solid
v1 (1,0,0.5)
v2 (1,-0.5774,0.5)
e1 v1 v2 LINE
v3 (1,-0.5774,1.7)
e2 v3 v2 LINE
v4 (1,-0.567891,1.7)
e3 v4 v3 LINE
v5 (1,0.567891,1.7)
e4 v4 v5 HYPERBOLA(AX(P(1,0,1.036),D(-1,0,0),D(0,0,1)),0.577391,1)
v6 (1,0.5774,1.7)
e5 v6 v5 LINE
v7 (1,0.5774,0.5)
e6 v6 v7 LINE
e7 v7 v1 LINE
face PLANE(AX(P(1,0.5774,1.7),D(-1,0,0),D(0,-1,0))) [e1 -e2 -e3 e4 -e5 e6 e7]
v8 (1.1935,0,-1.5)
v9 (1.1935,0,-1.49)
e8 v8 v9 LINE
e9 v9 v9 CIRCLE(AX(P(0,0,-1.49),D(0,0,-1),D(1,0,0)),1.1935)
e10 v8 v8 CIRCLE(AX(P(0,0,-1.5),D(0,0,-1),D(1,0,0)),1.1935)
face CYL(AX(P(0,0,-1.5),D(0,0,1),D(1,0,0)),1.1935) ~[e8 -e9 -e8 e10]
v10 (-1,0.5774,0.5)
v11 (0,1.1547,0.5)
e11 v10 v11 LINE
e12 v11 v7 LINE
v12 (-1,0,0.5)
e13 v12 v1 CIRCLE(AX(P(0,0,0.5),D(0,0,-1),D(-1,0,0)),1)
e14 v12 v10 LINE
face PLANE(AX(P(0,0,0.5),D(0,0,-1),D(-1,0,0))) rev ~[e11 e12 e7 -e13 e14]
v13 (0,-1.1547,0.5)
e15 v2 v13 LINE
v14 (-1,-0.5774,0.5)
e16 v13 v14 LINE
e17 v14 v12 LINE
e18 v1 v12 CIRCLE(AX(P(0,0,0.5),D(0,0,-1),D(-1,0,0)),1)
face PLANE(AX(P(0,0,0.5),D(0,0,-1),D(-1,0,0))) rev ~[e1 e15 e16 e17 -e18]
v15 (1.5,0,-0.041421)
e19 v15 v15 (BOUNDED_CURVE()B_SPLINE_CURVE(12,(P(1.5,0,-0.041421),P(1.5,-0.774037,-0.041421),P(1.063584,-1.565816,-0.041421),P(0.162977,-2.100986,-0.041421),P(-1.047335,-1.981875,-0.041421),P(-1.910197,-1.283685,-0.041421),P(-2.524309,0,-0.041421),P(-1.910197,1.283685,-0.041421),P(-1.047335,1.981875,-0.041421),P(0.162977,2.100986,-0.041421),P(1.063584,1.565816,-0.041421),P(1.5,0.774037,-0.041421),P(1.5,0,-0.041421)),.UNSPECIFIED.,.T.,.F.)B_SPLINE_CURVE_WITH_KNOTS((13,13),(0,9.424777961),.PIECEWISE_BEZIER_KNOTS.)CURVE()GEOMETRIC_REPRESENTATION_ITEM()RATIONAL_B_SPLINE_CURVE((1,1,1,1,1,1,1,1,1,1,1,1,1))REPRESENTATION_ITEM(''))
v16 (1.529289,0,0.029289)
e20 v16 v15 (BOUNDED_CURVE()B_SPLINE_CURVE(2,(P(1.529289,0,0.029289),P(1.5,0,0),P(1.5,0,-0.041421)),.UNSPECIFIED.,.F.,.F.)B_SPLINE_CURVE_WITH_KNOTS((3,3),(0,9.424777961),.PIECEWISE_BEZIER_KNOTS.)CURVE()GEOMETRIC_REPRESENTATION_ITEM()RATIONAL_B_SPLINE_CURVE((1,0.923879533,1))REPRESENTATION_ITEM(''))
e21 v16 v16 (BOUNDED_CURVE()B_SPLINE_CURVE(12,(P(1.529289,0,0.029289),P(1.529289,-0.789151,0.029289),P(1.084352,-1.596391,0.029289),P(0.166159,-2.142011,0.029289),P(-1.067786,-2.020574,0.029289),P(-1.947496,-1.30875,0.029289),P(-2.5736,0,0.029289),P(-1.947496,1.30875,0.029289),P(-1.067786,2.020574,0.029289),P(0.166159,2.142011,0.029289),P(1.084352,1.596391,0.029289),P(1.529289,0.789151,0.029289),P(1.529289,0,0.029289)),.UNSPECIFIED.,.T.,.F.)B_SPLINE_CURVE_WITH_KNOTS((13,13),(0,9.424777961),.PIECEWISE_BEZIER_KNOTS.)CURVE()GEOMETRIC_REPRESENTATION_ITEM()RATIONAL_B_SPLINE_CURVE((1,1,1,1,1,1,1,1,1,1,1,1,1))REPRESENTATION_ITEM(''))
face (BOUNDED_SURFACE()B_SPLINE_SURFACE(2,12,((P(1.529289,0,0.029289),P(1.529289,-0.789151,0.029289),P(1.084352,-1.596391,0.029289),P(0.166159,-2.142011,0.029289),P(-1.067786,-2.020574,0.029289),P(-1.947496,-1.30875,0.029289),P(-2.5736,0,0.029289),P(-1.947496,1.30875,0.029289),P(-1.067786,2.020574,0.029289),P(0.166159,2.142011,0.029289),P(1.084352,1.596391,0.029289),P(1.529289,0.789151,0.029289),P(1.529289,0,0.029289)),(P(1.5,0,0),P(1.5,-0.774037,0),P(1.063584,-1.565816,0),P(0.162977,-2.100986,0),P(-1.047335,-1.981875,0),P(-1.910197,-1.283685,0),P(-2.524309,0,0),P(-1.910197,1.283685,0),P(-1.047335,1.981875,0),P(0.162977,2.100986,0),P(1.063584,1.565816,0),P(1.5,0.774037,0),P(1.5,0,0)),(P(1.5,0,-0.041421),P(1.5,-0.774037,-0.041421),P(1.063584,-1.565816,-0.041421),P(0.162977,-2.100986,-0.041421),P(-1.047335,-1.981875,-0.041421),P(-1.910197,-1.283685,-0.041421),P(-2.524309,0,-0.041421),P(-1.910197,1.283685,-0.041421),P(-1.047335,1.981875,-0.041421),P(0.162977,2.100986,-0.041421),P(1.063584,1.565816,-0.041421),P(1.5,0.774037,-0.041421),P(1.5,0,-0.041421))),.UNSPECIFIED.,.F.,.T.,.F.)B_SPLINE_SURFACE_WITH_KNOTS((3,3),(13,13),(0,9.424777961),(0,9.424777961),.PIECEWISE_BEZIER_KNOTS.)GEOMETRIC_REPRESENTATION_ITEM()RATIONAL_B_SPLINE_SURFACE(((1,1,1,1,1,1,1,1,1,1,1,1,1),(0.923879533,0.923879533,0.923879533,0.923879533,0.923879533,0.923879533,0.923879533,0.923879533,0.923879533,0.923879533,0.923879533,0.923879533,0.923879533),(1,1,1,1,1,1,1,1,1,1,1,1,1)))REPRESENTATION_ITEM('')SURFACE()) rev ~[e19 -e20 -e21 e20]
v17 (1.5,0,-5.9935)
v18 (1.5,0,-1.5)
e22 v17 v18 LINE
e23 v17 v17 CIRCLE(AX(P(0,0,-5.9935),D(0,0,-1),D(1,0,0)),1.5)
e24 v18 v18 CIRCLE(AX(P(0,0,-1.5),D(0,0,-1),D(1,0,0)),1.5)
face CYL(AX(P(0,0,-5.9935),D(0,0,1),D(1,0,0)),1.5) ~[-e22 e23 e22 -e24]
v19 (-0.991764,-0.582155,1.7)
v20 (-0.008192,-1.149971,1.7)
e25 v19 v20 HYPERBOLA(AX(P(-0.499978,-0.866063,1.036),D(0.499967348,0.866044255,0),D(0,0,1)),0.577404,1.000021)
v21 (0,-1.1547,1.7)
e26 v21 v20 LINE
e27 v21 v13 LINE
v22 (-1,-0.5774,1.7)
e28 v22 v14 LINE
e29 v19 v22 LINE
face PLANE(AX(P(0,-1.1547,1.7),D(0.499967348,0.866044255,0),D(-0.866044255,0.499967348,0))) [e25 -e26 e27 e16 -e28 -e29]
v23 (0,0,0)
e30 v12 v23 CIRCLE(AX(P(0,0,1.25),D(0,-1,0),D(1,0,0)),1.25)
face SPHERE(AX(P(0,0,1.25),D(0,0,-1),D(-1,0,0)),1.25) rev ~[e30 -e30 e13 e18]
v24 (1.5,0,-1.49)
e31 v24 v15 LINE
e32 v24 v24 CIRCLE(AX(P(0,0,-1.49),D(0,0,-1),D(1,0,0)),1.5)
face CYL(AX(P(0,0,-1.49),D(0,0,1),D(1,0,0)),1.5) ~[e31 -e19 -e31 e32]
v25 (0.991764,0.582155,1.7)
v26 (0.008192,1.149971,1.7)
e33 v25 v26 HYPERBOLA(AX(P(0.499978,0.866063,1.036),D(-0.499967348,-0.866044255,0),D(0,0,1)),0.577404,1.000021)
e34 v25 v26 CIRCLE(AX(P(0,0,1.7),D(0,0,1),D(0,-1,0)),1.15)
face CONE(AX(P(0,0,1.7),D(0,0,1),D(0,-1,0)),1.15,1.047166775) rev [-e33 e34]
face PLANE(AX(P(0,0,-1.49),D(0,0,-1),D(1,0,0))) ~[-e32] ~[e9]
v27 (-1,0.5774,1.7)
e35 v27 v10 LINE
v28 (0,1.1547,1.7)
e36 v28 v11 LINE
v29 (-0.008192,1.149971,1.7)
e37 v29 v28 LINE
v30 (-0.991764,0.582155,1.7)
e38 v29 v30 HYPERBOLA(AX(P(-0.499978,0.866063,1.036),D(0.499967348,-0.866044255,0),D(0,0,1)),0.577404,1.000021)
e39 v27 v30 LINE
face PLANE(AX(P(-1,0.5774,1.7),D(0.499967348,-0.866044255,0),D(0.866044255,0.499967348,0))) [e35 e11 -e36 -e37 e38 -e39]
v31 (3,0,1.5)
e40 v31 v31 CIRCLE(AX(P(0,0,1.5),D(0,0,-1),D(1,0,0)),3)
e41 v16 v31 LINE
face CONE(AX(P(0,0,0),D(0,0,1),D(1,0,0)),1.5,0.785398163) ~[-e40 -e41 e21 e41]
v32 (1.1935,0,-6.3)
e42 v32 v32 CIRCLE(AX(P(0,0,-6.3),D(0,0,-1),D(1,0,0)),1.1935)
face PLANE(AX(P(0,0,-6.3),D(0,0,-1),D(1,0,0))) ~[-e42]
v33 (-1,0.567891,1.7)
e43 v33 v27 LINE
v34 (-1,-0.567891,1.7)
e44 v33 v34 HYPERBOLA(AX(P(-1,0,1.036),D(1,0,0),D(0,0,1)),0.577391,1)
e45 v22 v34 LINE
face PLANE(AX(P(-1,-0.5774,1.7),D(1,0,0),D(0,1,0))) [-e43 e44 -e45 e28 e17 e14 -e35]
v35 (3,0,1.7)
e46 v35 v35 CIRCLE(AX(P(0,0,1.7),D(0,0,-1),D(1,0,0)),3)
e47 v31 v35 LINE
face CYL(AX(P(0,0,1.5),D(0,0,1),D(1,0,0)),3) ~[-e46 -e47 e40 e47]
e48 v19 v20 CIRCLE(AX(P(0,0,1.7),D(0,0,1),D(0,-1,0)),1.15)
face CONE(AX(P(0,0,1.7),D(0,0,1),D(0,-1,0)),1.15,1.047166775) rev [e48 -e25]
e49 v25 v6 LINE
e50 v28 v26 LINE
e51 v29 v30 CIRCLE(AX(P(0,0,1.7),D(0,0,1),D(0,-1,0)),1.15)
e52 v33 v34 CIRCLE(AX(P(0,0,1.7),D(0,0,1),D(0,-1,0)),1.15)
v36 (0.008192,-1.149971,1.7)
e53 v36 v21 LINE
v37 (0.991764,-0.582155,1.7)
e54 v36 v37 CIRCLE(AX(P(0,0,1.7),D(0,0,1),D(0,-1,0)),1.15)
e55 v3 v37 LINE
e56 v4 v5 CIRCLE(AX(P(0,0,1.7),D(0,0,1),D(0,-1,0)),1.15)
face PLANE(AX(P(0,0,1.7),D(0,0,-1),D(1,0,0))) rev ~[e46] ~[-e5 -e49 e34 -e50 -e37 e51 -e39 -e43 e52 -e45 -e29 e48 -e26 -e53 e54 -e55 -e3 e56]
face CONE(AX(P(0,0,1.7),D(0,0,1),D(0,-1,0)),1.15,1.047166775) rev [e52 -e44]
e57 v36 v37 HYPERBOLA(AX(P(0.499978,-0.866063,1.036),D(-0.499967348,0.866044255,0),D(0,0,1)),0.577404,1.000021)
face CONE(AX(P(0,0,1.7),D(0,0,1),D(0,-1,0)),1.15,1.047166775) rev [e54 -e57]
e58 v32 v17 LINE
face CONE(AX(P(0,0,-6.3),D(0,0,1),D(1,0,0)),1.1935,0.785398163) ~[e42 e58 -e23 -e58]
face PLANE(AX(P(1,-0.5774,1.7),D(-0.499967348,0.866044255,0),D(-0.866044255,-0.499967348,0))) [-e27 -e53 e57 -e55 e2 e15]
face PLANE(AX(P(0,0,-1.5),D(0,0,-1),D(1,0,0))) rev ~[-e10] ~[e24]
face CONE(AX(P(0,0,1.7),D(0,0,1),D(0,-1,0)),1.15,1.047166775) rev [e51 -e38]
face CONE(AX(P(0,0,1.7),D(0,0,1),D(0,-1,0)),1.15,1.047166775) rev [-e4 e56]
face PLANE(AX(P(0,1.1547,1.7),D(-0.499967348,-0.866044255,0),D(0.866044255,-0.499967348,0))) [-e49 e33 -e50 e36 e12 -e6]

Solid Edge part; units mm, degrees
sketch "Sketch1" plane through (0, 0, 0) normal (0, -1, 0) x (1, 0, 0)
  line L0 (1.5, 0) -> (3, 1.5)
  line L1 (3, 1.5) -> (3, 1.7)
  line L2 (3, 1.7) -> (0, 1.7)
  line L3 (0, 1.7) -> (0, -6.3)
  line L4 (0, -6.3) -> (1.1935, -6.3)
  line L5 (1.1935, -6.3) -> (1.5, -5.9935)
  line L6 (1.5, -5.9935) -> (1.5, -1.5)
  line L7 (1.5, -1.5) -> (1.1935, -1.5)
  line L8 (1.1935, -1.5) -> (1.1935, -1.49)
  line L9 (1.1935, -1.49) -> (1.5, -1.49)
  line L10 (1.5, -1.49) -> (1.5, 0)
  dimension "D1" = 8
  dimension "D2" = 3
  dimension "D3" = 1.7
  dimension "D4" = 0.01
  dimension "D5" = 1.1935
  dimension "D6" = 3.2
  dimension "D7" = 0.2
revolve "RevolvedProtrusion1" add sketch "Sketch1" angle 360 about axis through (0, 0, 54) along (0, 0, -1)
sketch "Sketch2" plane through (0, 0, 0) normal (0, -1, 0) x (1, 0, 0)
  arc A0 (-1, 0.5) -> (0, 0) centre (0, 1.25) ccw
  line L0 (0, 0.5) -> (0, 0)
  line L1 (-1, 0.5) -> (0, 0.5)
  dimension "D1" = 6.8
revolve "RevolvedCutout1" cut sketch "Sketch2" angle 360 about axis through (0, 0, 54) along (0, 0, -1)
sketch "Sketch3" plane through (0, 0, 1.7) normal (0, 0, 1) x (0, -1, 0)
  line L0 (-1.1547, 0) -> (-0.5774, 1)
  line L1 (-0.5774, 1) -> (0.5774, 1)
  line L2 (0.5774, 1) -> (1.1547, 0)
  line L3 (1.1547, 0) -> (0.5774, -1)
  line L4 (0.5774, -1) -> (-0.5774, -1)
  line L5 (-0.5774, -1) -> (-1.1547, 0)
  dimension "D1" = 2
extrude "Cutout1" cut sketch "Sketch3" against normal blind 1.2
cosmetic_thread "Thread1" size "M3"
sketch "Sketch4" plane through (0, 0, 0) normal (1, 0, 0) x (0, 1, 0)
  line L0 (-1.15, 1.7) -> (0, 1.036)
revolve "RevolvedCutout2" cut sketch "Sketch4" angle 360 about axis through (0, 0, -57) along (0, 0, 1) material side at (0, -0.55, 1.4113)
fillet "Round1" radius 0.1 1 edges at (-1.5, 0, 0)
properties material "Stahl"
